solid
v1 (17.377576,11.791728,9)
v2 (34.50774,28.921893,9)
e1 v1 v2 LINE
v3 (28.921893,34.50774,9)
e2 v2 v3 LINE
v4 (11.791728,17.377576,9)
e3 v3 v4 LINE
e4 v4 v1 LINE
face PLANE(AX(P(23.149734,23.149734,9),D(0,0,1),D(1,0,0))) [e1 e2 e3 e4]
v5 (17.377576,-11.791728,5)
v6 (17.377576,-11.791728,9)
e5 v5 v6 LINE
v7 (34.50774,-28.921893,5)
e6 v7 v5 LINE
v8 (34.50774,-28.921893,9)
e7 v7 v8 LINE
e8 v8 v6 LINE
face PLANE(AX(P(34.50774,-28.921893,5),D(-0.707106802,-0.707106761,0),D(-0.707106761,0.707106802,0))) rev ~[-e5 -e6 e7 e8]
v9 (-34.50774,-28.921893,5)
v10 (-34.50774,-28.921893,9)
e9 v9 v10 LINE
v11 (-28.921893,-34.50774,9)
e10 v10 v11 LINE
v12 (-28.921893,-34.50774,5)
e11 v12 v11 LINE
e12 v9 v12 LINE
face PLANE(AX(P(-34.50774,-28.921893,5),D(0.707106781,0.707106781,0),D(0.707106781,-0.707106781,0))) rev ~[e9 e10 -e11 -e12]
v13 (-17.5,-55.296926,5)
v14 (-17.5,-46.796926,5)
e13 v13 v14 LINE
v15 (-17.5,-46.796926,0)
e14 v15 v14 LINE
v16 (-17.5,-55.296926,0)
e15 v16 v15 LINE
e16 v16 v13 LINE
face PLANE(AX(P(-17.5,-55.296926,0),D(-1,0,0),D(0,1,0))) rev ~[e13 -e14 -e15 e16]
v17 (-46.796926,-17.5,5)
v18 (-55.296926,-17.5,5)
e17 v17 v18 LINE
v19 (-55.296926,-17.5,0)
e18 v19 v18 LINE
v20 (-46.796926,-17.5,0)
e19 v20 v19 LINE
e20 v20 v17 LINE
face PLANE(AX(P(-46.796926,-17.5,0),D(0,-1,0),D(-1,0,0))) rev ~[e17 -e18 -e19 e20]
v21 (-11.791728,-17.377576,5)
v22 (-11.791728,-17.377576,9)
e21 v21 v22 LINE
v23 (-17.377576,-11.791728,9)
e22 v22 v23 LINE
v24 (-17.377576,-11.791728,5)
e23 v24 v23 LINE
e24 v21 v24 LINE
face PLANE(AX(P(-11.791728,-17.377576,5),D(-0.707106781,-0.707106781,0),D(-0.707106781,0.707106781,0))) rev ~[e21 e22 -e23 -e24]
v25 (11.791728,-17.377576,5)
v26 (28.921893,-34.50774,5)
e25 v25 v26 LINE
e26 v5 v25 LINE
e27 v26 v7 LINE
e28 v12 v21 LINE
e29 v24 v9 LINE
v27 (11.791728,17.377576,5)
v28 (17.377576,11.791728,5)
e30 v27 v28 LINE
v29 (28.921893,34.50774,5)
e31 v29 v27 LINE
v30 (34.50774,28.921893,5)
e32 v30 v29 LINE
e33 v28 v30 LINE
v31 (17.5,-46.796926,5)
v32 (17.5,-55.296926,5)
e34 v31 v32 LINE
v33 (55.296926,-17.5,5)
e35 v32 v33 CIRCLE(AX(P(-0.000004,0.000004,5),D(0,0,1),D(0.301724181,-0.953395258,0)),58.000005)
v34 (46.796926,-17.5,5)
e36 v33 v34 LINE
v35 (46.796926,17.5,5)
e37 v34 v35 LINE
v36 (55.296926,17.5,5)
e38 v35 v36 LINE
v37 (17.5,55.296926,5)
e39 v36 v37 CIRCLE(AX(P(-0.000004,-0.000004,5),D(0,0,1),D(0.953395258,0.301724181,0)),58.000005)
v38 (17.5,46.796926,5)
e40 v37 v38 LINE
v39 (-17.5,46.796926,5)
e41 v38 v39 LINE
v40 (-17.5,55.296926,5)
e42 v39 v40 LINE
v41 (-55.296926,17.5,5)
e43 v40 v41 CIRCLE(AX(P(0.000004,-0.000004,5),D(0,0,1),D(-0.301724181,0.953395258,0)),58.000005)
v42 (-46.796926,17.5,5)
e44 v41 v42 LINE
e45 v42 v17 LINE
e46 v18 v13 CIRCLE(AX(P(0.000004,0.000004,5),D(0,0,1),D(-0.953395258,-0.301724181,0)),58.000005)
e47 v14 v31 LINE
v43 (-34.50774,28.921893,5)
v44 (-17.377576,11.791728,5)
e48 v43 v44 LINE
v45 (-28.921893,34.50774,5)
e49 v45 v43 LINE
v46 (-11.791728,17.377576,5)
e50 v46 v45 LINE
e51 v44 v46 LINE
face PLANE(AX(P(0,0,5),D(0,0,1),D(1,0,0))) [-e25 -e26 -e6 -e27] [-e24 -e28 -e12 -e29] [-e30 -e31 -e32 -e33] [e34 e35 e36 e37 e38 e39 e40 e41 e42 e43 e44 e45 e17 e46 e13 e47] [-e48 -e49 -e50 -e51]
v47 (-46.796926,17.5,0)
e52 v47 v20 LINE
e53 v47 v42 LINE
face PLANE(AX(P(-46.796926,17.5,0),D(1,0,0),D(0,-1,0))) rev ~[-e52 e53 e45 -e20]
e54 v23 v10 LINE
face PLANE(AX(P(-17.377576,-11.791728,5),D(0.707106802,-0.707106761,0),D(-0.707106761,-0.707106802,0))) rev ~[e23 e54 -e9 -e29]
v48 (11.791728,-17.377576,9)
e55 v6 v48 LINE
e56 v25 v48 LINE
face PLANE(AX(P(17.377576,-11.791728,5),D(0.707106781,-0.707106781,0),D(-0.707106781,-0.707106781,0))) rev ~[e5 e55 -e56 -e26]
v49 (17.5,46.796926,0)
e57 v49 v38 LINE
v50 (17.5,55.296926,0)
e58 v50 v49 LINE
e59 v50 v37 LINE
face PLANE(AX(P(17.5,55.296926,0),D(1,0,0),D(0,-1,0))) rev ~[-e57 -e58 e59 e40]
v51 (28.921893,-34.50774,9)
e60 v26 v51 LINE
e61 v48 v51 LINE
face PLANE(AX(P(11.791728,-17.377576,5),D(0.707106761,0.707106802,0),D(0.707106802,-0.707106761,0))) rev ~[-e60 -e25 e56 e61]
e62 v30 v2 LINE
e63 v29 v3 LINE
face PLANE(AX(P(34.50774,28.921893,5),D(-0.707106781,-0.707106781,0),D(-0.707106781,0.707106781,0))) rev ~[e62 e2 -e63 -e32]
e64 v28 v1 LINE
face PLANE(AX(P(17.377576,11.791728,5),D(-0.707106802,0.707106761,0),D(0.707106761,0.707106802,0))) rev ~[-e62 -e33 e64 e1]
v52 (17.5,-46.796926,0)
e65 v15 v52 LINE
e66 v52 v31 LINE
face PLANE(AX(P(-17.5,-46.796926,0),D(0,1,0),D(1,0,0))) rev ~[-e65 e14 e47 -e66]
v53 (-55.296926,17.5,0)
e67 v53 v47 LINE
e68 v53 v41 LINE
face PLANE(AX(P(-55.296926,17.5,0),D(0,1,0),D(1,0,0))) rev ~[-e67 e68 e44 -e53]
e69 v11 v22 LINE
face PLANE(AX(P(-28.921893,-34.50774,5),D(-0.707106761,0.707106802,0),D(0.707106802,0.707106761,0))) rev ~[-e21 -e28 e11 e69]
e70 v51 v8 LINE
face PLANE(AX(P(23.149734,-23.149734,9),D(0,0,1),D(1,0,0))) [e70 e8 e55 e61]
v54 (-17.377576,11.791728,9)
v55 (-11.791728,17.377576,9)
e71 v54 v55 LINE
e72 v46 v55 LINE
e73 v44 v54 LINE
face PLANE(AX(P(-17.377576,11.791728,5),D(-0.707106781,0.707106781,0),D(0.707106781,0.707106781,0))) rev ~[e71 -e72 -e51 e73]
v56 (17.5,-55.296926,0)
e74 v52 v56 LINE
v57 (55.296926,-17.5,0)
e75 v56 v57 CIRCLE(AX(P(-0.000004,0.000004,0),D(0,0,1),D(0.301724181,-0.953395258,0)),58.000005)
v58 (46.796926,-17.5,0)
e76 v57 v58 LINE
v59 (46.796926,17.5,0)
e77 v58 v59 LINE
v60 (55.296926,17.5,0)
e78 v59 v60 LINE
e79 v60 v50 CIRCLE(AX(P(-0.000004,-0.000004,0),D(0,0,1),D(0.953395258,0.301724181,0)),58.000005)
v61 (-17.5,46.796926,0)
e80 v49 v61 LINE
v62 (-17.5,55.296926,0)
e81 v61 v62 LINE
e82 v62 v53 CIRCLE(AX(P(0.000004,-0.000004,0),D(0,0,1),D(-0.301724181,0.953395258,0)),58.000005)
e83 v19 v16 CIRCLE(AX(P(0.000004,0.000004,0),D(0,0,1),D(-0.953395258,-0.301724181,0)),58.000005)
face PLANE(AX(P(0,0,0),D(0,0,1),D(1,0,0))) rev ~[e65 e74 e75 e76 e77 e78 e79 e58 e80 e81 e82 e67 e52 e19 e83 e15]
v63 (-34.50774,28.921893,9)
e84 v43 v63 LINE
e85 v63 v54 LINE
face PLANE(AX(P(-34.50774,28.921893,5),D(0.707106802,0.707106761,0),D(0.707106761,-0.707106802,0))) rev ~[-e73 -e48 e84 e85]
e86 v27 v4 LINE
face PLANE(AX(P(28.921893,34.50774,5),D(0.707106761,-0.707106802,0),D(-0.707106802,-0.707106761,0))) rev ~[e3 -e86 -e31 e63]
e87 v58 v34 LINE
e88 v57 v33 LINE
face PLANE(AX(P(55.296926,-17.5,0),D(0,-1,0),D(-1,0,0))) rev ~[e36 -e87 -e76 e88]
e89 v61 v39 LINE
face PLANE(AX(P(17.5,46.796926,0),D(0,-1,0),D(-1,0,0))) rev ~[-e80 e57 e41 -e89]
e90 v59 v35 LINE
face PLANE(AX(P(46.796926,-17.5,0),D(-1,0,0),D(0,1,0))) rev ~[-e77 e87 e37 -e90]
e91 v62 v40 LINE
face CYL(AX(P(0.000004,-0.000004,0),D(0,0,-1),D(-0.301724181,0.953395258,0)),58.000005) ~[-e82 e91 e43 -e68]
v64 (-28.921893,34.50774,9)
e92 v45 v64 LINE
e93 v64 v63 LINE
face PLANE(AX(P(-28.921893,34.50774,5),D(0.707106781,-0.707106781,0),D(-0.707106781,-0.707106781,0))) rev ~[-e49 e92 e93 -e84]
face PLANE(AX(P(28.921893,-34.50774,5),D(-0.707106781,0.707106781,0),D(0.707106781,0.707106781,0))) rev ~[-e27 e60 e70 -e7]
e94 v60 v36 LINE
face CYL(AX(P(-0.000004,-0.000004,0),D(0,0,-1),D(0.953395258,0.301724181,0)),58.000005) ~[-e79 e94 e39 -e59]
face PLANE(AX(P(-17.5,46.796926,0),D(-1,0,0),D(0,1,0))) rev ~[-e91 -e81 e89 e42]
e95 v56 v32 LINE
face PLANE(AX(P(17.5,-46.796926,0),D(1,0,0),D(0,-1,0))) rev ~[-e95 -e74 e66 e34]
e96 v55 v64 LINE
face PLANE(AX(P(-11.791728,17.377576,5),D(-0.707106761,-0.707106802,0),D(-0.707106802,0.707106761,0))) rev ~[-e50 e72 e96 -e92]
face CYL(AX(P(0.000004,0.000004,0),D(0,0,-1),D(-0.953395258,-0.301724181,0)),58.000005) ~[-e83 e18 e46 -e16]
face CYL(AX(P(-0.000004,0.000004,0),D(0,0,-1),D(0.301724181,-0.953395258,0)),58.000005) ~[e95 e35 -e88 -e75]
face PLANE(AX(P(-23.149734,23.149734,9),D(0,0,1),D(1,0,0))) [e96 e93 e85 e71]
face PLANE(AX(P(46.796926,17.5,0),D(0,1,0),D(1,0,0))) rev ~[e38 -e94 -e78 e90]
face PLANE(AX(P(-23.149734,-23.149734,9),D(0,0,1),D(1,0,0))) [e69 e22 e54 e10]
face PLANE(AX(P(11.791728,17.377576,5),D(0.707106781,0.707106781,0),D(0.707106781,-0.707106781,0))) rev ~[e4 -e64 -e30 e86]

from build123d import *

# Parameters (mm, degrees)
F1_DEPTH = 5
F3_DEPTH = 4


with BuildPart() as f1:
    # F0 (on Top) → F1 (new body)
    with BuildSketch(Plane.XY):
        with BuildLine():
            Line((46.796926, 17.5), (55.296926, 17.5))
            ThreePointArc((55.296926, 17.5), (41.012193, 41.012193), (17.5, 55.296926))
            Line((17.5, 55.296926), (17.5, 46.796926))
            Line((17.5, 46.796926), (-17.5, 46.796926))
            Line((-17.5, 46.796926), (-17.5, 55.296926))
            ThreePointArc((-17.5, 55.296926), (-41.012193, 41.012193), (-55.296926, 17.5))
            Line((-55.296926, 17.5), (-46.796926, 17.5))
            Line((-46.796926, 17.5), (-46.796926, -17.5))
            Line((-46.796926, -17.5), (-55.296926, -17.5))
            ThreePointArc((-55.296926, -17.5), (-41.012193, -41.012193), (-17.5, -55.296926))
            Line((-17.5, -55.296926), (-17.5, -46.796926))
            Line((-17.5, -46.796926), (17.5, -46.796926))
            Line((17.5, -46.796926), (17.5, -55.296926))
            ThreePointArc((17.5, -55.296926), (41.012193, -41.012193), (55.296926, -17.5))
            Line((55.296926, -17.5), (46.796926, -17.5))
            Line((46.796926, -17.5), (46.796926, 17.5))
        make_face()
    extrude(amount=F1_DEPTH)

    # F2 (on face) → F3 (join)
    with BuildSketch(Plane.XY.offset(5)):
        Polygon((-28.921893, 34.50774), (-34.50774, 28.921893), (-17.377576, 11.791728), (-11.791728, 17.377576), align=None)
        Polygon((17.377576, 11.791728), (34.50774, 28.921893), (28.921893, 34.50774), (11.791728, 17.377576), align=None)
        Polygon((11.791728, -17.377576), (28.921893, -34.50774), (34.50774, -28.921893), (17.377576, -11.791728), align=None)
        Polygon((-17.377576, -11.791728), (-34.50774, -28.921893), (-28.921893, -34.50774), (-11.791728, -17.377576), align=None)
    extrude(amount=F3_DEPTH)


solid = f1.part
